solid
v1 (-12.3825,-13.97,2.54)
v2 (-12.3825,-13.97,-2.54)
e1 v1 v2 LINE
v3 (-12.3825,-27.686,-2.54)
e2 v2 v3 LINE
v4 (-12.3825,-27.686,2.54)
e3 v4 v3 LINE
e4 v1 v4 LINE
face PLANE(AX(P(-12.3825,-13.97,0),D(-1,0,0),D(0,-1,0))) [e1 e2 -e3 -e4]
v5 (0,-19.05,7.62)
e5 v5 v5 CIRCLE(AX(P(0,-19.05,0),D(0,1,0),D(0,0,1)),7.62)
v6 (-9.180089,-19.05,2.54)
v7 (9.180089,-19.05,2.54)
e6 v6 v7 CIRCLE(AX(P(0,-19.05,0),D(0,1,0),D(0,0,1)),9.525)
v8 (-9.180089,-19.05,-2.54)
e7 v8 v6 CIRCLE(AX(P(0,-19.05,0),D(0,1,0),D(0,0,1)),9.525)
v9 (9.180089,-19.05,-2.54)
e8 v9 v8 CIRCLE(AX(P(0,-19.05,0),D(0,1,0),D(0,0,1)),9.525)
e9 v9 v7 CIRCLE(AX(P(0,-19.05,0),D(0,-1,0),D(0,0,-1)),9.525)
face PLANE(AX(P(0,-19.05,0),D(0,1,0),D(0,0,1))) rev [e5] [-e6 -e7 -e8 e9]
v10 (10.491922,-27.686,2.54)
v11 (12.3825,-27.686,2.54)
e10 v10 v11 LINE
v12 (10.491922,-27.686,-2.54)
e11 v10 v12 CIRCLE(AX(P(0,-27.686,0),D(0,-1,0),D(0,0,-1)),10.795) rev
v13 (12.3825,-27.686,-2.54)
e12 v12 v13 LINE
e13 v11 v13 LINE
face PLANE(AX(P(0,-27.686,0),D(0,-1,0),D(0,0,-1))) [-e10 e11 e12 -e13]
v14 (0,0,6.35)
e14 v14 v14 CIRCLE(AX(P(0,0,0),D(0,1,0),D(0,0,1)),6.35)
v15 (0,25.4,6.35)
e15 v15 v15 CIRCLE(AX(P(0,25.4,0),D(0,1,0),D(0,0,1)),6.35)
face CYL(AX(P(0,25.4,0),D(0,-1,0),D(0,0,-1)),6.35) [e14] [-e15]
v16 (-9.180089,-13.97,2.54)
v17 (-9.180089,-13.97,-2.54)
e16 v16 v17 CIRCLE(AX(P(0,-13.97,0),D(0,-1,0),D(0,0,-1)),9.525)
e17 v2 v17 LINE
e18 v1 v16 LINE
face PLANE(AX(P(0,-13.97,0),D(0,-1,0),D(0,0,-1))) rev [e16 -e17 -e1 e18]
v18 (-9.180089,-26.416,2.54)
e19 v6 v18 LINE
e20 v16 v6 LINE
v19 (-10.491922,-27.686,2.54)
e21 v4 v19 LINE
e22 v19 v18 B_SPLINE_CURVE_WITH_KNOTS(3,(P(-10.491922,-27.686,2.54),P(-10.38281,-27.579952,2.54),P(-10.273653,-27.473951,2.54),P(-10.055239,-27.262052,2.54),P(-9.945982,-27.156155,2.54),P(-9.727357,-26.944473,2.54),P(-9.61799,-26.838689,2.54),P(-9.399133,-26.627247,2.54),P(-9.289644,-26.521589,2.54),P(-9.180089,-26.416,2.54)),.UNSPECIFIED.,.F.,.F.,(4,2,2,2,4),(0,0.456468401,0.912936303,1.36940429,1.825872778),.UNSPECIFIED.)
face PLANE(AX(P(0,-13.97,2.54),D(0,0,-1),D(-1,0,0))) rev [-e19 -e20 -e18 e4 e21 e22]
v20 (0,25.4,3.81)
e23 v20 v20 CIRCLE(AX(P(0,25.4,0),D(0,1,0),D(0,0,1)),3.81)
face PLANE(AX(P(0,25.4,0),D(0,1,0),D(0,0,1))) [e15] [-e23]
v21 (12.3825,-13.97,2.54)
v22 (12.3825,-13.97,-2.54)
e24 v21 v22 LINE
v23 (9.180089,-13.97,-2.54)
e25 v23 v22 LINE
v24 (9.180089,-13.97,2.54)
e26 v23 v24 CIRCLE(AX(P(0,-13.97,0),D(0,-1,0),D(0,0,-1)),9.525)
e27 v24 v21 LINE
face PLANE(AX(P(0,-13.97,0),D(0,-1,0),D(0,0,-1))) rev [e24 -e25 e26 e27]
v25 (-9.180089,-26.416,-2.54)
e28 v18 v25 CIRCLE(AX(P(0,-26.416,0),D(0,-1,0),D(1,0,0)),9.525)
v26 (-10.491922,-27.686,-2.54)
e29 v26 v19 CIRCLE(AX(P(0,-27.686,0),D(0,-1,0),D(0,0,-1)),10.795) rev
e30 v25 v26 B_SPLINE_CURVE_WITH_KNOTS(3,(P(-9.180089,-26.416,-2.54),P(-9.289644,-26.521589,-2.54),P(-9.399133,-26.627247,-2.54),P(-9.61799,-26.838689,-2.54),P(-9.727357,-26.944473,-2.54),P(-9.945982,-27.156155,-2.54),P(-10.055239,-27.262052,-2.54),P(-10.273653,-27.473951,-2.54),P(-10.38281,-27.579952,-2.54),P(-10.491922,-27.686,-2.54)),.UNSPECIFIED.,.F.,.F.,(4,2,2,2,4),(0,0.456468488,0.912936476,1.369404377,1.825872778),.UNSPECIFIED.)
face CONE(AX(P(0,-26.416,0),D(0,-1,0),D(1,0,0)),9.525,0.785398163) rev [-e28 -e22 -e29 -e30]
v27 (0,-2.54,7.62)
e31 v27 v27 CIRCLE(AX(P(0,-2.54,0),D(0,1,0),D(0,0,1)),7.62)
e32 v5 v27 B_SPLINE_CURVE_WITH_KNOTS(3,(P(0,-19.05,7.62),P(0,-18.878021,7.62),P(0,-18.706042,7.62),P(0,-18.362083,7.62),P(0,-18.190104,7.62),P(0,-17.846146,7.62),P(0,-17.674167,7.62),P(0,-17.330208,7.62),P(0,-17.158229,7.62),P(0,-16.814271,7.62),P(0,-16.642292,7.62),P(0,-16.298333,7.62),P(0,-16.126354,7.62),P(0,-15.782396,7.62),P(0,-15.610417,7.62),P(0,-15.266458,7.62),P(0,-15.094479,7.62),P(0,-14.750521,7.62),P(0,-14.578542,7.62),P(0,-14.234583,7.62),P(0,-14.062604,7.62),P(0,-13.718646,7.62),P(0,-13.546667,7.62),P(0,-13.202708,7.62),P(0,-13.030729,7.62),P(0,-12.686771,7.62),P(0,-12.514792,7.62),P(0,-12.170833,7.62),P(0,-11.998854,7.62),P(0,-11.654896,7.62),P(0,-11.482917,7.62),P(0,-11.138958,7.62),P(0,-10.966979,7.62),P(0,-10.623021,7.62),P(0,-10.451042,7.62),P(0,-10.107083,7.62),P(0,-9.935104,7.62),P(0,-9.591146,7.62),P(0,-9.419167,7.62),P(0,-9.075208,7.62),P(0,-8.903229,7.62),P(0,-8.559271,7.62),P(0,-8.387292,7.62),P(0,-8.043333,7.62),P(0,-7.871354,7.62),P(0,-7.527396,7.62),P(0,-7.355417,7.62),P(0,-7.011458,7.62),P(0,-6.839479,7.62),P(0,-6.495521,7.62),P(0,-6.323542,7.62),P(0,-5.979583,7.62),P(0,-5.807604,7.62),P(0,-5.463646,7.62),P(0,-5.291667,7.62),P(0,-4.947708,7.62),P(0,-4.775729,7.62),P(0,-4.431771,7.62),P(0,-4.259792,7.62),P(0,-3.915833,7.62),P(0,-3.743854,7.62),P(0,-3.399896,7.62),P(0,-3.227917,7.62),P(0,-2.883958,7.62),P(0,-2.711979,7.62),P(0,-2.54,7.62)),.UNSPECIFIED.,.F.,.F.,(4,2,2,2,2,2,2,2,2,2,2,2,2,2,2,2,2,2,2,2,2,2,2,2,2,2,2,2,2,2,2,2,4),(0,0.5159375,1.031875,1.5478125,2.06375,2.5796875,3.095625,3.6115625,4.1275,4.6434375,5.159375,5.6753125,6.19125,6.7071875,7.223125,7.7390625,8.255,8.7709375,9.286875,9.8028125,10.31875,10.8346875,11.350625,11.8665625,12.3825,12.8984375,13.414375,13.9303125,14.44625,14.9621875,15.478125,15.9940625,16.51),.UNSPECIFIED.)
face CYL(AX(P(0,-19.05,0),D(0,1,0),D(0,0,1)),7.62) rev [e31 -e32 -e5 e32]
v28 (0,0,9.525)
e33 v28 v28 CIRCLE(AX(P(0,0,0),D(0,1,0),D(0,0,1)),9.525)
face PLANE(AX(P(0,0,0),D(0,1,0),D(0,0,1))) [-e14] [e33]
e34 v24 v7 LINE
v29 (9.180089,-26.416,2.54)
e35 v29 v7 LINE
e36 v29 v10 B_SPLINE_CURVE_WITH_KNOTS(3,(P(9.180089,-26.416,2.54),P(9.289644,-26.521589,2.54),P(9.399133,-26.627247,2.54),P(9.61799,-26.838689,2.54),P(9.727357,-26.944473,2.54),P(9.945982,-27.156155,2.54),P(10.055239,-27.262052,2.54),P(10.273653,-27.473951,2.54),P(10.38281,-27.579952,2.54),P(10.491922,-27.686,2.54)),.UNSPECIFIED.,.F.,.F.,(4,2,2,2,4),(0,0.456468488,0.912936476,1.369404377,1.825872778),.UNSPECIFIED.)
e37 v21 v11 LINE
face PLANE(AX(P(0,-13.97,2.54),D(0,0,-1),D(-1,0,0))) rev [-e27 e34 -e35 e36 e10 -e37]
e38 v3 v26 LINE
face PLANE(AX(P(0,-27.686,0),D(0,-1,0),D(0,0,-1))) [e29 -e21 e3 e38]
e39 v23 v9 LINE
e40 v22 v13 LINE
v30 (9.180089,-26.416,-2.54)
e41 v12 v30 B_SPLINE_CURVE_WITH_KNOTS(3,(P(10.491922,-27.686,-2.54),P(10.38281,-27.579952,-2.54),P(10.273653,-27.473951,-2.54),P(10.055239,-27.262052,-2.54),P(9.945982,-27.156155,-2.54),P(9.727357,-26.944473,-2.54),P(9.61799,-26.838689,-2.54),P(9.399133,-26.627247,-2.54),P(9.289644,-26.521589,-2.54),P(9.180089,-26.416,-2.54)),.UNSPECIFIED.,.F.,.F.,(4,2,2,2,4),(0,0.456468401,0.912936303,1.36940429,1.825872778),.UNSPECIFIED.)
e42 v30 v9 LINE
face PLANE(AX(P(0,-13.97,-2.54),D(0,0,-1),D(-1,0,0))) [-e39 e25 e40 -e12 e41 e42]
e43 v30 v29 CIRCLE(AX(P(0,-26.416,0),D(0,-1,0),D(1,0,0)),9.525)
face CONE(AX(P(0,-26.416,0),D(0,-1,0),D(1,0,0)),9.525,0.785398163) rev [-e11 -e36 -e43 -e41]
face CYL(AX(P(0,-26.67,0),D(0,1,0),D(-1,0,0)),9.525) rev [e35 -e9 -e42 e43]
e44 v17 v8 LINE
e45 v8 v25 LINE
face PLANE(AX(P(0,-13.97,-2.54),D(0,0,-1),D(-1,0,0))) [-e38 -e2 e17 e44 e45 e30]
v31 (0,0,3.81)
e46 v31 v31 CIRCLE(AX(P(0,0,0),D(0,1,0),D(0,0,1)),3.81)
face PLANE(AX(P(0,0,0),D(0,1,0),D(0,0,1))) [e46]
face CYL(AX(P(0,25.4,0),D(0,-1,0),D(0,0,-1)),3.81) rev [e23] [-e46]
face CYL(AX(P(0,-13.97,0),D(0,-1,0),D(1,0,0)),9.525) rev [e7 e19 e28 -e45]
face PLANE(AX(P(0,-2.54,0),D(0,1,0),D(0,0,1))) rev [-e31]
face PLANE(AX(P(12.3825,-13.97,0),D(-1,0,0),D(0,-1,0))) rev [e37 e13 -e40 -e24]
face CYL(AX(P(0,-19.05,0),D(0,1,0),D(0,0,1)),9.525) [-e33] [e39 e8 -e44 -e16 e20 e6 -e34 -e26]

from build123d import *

# Parameters (mm, degrees)
PIN_R                     = 6.35
PIN_R_2                   = 3.81
BOSS_EXTRUDE4_DEPTH       = 25.4
HOLLOW_CYL_R              = 9.525
HOLLOW_CYL_R_2            = 7.62
BOSS_EXTRUDE5_DEPTH       = 19.05
SKETCH4_R                 = 7.62
BOSS_EXTRUDE7_DEPTH       = 2.54
BOSS_EXTRUDE9_DEPTH       = 7.62
BOSS_EXTRUDE9_2_DEPTH     = 7.62
BOSS_EXTRUDE10_DEPTH      = 8.636
BOSS_EXTRUDE10_DEPTH_BACK = 5.08
CHAMFER2_SIZE             = 1.27
CHAMFER4_SIZE             = 1.27


with BuildPart() as part:
    # Pin → Boss-Extrude4 (new body)
    with BuildSketch(Plane(origin=(0, 0, 0), x_dir=(1, 0, 0), z_dir=(0, 1, 0))):
        Circle(PIN_R)
        Circle(PIN_R_2, mode=Mode.SUBTRACT)
    extrude(amount=BOSS_EXTRUDE4_DEPTH)



with BuildPart() as body_2:
    # Hollow Cyl → Boss-Extrude5 (new body)
    with BuildSketch(Plane(origin=(0, 0, 0), x_dir=(1, 0, 0), z_dir=(0, 1, 0))):
        Circle(HOLLOW_CYL_R)
        Circle(HOLLOW_CYL_R_2, mode=Mode.SUBTRACT)
    extrude(amount=-BOSS_EXTRUDE5_DEPTH)


with BuildPart() as part_1:
    add(part.part)

    add(body_2.part)  # Boss-Extrude7 merges body 2
    # Sketch4 → Boss-Extrude7 (add)
    with BuildSketch(Plane(origin=(0, 0, 0), x_dir=(1, 0, 0), z_dir=(0, 1, 0))):
        Circle(SKETCH4_R)
    extrude(amount=-BOSS_EXTRUDE7_DEPTH)



with BuildPart() as body_2_2:
    # Sketch6 → Boss-Extrude9 (new body)
    with BuildSketch(Plane(origin=(0, -19.05, 0), x_dir=(-1, 0, 0), z_dir=(0, -1, 0))):
        with BuildLine():
            Line((9.180088507, -2.54), (12.3825, -2.54))
            Line((12.3825, -2.54), (12.3825, 2.54))
            Line((12.3825, 2.54), (9.180088507, 2.54))
            ThreePointArc((9.180088507, 2.54), (9.525, 0), (9.180088507, -2.54))
        make_face()
    extrude(amount=BOSS_EXTRUDE9_DEPTH)


with BuildPart() as body_3:
    # Sketch6 → Boss-Extrude9 2 (new body)
    with BuildSketch(Plane(origin=(0, -19.05, 0), x_dir=(-1, 0, 0), z_dir=(0, -1, 0))):
        with BuildLine():
            Line((-12.3825, -2.54), (-9.180088507, -2.54))
            ThreePointArc((-9.180088507, -2.54), (-9.525, 0), (-9.180088507, 2.54))
            Line((-9.180088507, 2.54), (-12.3825, 2.54))
            Line((-12.3825, 2.54), (-12.3825, -2.54))
        make_face()
    extrude(amount=BOSS_EXTRUDE9_2_DEPTH)


with BuildPart() as part_2:
    add(part_1.part)

    add(body_2_2.part)  # Boss-Extrude10 merges body 2 2

    add(body_3.part)  # Boss-Extrude10 merges body 3
    # Sketch6<5> → Boss-Extrude10 (add, two sides: drawn at the far end of the back side and taken through both)
    with BuildSketch(Plane(origin=(0, -19.05, 0), x_dir=(-1, 0, 0), z_dir=(0, -1, 0)).offset(-BOSS_EXTRUDE10_DEPTH_BACK)):
        with BuildLine():
            Line((9.180088507, -2.54), (12.3825, -2.54))
            Line((12.3825, -2.54), (12.3825, 2.54))
            Line((12.3825, 2.54), (9.180088507, 2.54))
            ThreePointArc((9.180088507, 2.54), (9.525, 0), (9.180088507, -2.54))
        make_face()
        with BuildLine():
            Line((-12.3825, -2.54), (-9.180088507, -2.54))
            ThreePointArc((-9.180088507, -2.54), (-9.525, 0), (-9.180088507, 2.54))
            Line((-9.180088507, 2.54), (-12.3825, 2.54))
            Line((-12.3825, 2.54), (-12.3825, -2.54))
        make_face()
    extrude(amount=BOSS_EXTRUDE10_DEPTH + BOSS_EXTRUDE10_DEPTH_BACK)

    # Chamfer2
    chamfer2_edges = [part_2.edges().sort_by_distance(p)[0] for p in [
        (9.525, -27.686, 0),
    ]]
    chamfer(chamfer2_edges, length=CHAMFER2_SIZE)

    # Chamfer4
    chamfer4_edges = [part_2.edges().sort_by_distance(p)[0] for p in [
        (-9.525, -27.686, 0),
    ]]
    chamfer(chamfer4_edges, length=CHAMFER4_SIZE)


solid = part_2.part
